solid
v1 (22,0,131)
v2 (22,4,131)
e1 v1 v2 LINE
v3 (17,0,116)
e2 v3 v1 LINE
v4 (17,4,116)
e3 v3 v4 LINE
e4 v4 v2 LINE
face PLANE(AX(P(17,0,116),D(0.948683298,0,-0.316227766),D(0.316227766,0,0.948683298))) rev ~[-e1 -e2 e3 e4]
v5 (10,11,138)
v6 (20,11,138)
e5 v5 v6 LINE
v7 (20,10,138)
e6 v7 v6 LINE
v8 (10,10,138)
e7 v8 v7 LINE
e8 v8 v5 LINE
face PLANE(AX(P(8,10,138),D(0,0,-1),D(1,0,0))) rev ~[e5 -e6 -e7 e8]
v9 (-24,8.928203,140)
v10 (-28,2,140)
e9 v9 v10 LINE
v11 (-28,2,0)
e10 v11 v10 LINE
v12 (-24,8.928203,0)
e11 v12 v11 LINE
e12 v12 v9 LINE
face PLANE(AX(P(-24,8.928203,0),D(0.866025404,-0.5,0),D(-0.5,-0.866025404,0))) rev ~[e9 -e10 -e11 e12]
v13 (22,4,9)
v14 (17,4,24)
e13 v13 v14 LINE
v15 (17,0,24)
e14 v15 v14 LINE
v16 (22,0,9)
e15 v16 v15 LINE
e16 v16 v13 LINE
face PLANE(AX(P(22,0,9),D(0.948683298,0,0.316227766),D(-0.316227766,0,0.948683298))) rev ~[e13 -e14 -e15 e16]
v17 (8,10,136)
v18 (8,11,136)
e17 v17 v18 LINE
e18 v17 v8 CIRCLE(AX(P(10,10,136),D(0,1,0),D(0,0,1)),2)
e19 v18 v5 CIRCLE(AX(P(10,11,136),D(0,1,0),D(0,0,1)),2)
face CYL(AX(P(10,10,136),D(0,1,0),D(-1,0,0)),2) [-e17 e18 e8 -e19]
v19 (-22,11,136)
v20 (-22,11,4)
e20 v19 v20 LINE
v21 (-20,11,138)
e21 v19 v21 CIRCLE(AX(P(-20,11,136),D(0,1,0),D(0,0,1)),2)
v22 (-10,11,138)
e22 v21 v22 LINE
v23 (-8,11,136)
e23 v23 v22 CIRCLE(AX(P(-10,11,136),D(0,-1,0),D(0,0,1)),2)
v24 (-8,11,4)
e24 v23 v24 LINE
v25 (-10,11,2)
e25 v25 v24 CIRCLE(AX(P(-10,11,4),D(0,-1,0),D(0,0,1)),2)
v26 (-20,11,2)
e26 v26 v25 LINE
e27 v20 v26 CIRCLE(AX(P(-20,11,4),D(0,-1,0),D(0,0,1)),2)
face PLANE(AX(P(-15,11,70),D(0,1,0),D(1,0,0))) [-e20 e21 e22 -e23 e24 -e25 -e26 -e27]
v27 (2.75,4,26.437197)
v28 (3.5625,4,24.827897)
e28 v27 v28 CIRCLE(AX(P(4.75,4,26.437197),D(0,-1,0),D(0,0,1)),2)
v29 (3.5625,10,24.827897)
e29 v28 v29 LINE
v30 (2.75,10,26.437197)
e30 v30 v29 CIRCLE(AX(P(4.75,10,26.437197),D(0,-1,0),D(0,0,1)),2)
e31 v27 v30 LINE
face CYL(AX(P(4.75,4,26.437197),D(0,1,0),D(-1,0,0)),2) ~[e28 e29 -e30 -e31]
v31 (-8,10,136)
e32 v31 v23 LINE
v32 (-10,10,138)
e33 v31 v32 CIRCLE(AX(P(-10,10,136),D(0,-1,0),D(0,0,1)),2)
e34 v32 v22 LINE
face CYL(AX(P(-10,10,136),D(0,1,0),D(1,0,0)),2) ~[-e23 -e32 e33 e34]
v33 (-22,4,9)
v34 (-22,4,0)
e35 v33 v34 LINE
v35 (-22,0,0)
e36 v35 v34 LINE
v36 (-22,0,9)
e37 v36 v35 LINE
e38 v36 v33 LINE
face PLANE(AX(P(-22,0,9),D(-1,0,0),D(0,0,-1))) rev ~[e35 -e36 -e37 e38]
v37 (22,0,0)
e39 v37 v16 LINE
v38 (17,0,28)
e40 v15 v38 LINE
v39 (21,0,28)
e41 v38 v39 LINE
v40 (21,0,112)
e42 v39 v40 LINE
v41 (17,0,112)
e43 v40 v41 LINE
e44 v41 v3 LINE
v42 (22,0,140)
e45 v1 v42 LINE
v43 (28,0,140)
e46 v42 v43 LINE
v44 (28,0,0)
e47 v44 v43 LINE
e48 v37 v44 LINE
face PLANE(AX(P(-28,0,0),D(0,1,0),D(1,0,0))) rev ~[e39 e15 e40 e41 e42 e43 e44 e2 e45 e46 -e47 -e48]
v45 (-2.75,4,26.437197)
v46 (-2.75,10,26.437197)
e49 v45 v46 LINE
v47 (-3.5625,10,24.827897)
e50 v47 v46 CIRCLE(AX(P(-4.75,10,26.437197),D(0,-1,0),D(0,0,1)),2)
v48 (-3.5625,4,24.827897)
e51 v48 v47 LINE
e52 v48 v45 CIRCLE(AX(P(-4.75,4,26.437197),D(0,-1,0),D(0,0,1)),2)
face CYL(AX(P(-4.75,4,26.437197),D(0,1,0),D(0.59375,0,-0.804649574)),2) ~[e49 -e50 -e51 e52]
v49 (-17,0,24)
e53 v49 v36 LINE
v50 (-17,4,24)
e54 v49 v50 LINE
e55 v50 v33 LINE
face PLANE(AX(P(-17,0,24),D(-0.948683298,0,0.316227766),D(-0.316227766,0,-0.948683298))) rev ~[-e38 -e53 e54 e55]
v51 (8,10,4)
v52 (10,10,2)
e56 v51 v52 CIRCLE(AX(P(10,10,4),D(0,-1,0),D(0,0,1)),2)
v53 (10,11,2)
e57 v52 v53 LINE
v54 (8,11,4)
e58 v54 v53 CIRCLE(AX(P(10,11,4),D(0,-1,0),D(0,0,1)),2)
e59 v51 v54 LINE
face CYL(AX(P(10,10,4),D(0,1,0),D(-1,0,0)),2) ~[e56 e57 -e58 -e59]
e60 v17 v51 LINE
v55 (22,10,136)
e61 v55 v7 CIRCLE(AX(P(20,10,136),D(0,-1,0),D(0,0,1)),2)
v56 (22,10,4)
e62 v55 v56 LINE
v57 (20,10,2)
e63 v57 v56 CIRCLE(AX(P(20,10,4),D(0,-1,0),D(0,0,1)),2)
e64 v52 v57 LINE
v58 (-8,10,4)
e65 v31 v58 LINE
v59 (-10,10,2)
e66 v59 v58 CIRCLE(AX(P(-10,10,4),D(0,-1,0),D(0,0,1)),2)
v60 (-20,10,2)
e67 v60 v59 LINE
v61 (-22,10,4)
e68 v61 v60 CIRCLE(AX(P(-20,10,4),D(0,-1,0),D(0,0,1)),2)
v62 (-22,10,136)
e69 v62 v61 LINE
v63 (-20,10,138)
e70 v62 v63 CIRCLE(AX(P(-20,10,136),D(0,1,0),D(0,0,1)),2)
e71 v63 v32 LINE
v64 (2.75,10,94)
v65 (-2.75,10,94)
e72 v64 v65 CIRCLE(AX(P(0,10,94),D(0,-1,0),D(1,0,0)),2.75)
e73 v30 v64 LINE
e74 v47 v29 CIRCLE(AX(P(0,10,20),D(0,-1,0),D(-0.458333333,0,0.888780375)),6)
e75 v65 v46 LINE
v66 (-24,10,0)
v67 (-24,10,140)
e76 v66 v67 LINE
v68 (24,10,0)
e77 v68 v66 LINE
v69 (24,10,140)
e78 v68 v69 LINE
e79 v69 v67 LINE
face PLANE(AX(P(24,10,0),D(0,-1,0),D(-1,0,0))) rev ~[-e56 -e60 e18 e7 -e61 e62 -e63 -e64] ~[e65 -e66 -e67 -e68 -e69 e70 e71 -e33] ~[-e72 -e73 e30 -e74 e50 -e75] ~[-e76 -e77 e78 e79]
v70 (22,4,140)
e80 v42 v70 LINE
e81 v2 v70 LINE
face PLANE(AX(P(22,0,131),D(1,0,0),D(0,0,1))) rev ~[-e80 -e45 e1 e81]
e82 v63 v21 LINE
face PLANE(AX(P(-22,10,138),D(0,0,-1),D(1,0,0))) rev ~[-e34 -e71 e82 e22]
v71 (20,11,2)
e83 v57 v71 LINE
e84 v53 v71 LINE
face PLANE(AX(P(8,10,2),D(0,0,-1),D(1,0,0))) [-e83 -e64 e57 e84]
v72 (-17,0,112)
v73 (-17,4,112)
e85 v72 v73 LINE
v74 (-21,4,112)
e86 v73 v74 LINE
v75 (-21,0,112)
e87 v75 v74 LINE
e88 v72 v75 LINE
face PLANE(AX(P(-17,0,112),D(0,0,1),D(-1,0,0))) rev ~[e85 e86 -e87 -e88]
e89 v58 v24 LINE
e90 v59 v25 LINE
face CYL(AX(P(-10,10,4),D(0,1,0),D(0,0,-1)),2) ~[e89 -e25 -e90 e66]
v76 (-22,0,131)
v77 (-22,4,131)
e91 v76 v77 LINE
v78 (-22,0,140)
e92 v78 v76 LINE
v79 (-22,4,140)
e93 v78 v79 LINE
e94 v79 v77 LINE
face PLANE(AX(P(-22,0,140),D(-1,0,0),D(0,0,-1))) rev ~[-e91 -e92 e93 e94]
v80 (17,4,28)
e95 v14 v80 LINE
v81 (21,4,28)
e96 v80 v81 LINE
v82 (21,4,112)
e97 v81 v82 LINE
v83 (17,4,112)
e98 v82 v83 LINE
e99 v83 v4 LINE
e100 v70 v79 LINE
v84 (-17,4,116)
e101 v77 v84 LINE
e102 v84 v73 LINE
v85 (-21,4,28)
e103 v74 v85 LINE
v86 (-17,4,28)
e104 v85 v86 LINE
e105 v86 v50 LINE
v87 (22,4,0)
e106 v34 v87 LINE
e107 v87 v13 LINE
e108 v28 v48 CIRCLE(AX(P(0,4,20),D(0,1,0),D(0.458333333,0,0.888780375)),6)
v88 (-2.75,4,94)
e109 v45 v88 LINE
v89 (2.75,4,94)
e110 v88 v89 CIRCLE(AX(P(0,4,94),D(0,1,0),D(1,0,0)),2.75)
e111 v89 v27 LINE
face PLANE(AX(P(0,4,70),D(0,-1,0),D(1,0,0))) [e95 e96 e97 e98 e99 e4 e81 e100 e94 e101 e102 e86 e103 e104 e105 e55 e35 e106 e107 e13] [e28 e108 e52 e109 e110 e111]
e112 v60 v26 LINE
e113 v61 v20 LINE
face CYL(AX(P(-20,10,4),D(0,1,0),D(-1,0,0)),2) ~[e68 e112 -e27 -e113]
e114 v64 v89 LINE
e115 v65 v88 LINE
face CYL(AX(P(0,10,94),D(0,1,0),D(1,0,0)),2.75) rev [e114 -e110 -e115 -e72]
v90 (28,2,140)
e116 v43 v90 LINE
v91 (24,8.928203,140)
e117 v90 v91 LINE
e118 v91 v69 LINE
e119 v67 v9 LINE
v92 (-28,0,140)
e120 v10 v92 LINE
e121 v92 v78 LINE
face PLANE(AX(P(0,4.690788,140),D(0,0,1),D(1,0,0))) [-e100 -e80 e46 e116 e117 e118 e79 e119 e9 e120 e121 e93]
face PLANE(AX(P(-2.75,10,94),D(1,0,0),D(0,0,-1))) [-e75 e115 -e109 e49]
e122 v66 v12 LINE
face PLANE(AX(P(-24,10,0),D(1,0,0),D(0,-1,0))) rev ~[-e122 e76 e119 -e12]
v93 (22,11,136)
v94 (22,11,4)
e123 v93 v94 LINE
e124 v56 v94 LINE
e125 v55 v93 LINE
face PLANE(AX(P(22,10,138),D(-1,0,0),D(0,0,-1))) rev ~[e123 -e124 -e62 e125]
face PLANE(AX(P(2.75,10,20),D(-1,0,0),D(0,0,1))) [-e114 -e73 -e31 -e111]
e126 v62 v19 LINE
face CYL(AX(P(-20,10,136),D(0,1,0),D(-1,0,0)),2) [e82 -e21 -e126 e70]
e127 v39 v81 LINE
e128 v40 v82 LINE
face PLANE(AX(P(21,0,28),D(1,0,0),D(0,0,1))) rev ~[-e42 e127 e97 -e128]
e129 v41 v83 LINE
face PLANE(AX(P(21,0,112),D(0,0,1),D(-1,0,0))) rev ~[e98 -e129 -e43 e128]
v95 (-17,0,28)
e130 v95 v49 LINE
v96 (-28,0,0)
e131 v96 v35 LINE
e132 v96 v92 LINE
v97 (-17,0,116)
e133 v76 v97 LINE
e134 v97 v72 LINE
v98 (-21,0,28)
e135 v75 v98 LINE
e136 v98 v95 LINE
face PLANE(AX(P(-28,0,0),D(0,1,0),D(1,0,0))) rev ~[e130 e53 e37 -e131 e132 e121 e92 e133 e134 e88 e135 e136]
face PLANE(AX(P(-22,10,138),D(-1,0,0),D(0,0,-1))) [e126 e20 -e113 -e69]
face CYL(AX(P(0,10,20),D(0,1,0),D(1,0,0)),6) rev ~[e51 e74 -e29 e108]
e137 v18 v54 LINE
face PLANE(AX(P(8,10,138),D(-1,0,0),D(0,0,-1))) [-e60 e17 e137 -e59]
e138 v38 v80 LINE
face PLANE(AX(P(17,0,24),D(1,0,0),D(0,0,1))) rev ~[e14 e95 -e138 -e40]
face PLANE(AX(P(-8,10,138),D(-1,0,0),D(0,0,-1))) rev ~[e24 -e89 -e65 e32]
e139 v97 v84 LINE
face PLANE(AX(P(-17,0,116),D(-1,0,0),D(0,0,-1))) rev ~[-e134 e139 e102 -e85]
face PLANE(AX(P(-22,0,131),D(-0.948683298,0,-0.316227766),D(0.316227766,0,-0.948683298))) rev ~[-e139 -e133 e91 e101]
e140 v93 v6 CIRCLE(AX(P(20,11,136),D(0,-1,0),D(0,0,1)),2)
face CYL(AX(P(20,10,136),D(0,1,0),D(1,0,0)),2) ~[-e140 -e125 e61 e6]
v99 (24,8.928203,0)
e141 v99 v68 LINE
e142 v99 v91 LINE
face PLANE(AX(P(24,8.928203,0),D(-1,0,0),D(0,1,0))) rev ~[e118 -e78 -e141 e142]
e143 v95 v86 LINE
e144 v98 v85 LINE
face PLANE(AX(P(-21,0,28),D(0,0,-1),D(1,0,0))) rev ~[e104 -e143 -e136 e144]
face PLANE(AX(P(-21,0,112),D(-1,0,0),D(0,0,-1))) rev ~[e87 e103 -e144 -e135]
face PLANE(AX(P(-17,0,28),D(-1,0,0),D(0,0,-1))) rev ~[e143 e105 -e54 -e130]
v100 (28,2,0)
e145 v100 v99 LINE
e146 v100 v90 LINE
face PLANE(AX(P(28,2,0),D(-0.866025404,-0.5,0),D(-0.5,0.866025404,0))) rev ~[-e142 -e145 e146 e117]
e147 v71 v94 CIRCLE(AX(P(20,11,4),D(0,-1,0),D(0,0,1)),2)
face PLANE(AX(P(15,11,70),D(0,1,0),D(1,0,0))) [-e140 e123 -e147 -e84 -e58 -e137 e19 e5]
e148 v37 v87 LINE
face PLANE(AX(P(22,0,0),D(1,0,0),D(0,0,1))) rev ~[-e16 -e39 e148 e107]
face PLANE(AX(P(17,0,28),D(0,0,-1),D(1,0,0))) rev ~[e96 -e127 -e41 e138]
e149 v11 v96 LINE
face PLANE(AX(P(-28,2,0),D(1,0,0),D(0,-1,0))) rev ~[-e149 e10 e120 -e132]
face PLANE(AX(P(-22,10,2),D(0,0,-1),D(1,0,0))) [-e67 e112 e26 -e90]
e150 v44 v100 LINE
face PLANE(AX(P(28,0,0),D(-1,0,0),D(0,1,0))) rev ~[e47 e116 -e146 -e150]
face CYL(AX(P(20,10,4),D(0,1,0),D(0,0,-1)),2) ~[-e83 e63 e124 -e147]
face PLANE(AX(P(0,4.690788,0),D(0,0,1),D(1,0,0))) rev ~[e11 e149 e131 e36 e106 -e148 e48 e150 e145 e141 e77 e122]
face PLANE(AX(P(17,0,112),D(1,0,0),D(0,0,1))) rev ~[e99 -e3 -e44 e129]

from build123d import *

# Parameters (mm, degrees)
EXTRUDE_1_DEPTH     = 140
CUT_EXTRUDE_1_DEPTH = 4
CUT_EXTRUDE_2_DEPTH = 11
SKETCH_4_R          = 6
CUT_EXTRUDE_3_DEPTH = 11
SKETCH_5_W          = 14
SKETCH_5_H          = 136
EXTRUDE_2_DEPTH     = 1
FILLET_1_R          = 2


with BuildPart() as part:
    # Эскиз1 → Бобышка-Вытянуть1 (new body)
    with BuildSketch(Plane.XY):
        Polygon((-28, 0), (28, 0), (28, 2), (24, 8.92820323), (24, 10), (-24, 10), (-24, 8.92820323), (-28, 2), align=None)
    extrude(amount=EXTRUDE_1_DEPTH)

    # Эскиз2 → Вырез-Вытянуть1 (cut)
    with BuildSketch(Plane.XZ):
        Polygon((-22, 140), (-22, 131), (-17, 116), (-17, 112), (-21, 112), (-21, 28), (-17, 28), (-17, 24), (-22, 9), (-22, 0), (22, 0), (22, 9), (17, 24), (17, 28), (21, 28), (21, 112), (17, 112), (17, 116), (22, 131), (22, 140), align=None)
    extrude(amount=-CUT_EXTRUDE_1_DEPTH, mode=Mode.SUBTRACT)

    # Эскиз3 → Вырез-Вытянуть2 (cut, through all)
    with BuildSketch(Plane(origin=(0, 10, 0), x_dir=(1, 0, 0), z_dir=(0, 1, 0))):
        with BuildLine():
            Line((2.75, -20), (2.75, -94))
            ThreePointArc((2.75, -94), (0, -96.75), (-2.75, -94))
            Line((-2.75, -94), (-2.75, -20))
            ThreePointArc((-2.75, -20), (0, -17.25), (2.75, -20))
        make_face()
    extrude(amount=-CUT_EXTRUDE_2_DEPTH, mode=Mode.SUBTRACT)

    # Эскиз4 → Вырез-Вытянуть3 (cut, through all)
    with BuildSketch(Plane(origin=(0, 10, 0), x_dir=(1, 0, 0), z_dir=(0, 1, 0))):
        with Locations((0, -20)):
            Circle(SKETCH_4_R)
    extrude(amount=-CUT_EXTRUDE_3_DEPTH, mode=Mode.SUBTRACT)

    # Эскиз5 → Бобышка-Вытянуть2 (add)
    with BuildSketch(Plane(origin=(0, 10, 0), x_dir=(1, 0, 0), z_dir=(0, 1, 0))):
        with Locations((15, -70)):
            Rectangle(SKETCH_5_W, SKETCH_5_H)
        with Locations((-15, -70)):
            Rectangle(SKETCH_5_W, SKETCH_5_H)
    extrude(amount=EXTRUDE_2_DEPTH)

    # Скругление1
    fillet_1_edges = [part.edges().sort_by_distance(p)[0] for p in [
        (2.75, 7, 25.332682252),
        (-8, 10.5, 138),
        (-8, 10.5, 2),
        (-22, 10.5, 2),
        (-22, 10.5, 138),
        (22, 10.5, 138),
        (22, 10.5, 2),
        (8, 10.5, 2),
        (8, 10.5, 138),
        (-2.75, 7, 25.332682252),
    ]]
    fillet(fillet_1_edges, radius=FILLET_1_R)


solid = part.part
